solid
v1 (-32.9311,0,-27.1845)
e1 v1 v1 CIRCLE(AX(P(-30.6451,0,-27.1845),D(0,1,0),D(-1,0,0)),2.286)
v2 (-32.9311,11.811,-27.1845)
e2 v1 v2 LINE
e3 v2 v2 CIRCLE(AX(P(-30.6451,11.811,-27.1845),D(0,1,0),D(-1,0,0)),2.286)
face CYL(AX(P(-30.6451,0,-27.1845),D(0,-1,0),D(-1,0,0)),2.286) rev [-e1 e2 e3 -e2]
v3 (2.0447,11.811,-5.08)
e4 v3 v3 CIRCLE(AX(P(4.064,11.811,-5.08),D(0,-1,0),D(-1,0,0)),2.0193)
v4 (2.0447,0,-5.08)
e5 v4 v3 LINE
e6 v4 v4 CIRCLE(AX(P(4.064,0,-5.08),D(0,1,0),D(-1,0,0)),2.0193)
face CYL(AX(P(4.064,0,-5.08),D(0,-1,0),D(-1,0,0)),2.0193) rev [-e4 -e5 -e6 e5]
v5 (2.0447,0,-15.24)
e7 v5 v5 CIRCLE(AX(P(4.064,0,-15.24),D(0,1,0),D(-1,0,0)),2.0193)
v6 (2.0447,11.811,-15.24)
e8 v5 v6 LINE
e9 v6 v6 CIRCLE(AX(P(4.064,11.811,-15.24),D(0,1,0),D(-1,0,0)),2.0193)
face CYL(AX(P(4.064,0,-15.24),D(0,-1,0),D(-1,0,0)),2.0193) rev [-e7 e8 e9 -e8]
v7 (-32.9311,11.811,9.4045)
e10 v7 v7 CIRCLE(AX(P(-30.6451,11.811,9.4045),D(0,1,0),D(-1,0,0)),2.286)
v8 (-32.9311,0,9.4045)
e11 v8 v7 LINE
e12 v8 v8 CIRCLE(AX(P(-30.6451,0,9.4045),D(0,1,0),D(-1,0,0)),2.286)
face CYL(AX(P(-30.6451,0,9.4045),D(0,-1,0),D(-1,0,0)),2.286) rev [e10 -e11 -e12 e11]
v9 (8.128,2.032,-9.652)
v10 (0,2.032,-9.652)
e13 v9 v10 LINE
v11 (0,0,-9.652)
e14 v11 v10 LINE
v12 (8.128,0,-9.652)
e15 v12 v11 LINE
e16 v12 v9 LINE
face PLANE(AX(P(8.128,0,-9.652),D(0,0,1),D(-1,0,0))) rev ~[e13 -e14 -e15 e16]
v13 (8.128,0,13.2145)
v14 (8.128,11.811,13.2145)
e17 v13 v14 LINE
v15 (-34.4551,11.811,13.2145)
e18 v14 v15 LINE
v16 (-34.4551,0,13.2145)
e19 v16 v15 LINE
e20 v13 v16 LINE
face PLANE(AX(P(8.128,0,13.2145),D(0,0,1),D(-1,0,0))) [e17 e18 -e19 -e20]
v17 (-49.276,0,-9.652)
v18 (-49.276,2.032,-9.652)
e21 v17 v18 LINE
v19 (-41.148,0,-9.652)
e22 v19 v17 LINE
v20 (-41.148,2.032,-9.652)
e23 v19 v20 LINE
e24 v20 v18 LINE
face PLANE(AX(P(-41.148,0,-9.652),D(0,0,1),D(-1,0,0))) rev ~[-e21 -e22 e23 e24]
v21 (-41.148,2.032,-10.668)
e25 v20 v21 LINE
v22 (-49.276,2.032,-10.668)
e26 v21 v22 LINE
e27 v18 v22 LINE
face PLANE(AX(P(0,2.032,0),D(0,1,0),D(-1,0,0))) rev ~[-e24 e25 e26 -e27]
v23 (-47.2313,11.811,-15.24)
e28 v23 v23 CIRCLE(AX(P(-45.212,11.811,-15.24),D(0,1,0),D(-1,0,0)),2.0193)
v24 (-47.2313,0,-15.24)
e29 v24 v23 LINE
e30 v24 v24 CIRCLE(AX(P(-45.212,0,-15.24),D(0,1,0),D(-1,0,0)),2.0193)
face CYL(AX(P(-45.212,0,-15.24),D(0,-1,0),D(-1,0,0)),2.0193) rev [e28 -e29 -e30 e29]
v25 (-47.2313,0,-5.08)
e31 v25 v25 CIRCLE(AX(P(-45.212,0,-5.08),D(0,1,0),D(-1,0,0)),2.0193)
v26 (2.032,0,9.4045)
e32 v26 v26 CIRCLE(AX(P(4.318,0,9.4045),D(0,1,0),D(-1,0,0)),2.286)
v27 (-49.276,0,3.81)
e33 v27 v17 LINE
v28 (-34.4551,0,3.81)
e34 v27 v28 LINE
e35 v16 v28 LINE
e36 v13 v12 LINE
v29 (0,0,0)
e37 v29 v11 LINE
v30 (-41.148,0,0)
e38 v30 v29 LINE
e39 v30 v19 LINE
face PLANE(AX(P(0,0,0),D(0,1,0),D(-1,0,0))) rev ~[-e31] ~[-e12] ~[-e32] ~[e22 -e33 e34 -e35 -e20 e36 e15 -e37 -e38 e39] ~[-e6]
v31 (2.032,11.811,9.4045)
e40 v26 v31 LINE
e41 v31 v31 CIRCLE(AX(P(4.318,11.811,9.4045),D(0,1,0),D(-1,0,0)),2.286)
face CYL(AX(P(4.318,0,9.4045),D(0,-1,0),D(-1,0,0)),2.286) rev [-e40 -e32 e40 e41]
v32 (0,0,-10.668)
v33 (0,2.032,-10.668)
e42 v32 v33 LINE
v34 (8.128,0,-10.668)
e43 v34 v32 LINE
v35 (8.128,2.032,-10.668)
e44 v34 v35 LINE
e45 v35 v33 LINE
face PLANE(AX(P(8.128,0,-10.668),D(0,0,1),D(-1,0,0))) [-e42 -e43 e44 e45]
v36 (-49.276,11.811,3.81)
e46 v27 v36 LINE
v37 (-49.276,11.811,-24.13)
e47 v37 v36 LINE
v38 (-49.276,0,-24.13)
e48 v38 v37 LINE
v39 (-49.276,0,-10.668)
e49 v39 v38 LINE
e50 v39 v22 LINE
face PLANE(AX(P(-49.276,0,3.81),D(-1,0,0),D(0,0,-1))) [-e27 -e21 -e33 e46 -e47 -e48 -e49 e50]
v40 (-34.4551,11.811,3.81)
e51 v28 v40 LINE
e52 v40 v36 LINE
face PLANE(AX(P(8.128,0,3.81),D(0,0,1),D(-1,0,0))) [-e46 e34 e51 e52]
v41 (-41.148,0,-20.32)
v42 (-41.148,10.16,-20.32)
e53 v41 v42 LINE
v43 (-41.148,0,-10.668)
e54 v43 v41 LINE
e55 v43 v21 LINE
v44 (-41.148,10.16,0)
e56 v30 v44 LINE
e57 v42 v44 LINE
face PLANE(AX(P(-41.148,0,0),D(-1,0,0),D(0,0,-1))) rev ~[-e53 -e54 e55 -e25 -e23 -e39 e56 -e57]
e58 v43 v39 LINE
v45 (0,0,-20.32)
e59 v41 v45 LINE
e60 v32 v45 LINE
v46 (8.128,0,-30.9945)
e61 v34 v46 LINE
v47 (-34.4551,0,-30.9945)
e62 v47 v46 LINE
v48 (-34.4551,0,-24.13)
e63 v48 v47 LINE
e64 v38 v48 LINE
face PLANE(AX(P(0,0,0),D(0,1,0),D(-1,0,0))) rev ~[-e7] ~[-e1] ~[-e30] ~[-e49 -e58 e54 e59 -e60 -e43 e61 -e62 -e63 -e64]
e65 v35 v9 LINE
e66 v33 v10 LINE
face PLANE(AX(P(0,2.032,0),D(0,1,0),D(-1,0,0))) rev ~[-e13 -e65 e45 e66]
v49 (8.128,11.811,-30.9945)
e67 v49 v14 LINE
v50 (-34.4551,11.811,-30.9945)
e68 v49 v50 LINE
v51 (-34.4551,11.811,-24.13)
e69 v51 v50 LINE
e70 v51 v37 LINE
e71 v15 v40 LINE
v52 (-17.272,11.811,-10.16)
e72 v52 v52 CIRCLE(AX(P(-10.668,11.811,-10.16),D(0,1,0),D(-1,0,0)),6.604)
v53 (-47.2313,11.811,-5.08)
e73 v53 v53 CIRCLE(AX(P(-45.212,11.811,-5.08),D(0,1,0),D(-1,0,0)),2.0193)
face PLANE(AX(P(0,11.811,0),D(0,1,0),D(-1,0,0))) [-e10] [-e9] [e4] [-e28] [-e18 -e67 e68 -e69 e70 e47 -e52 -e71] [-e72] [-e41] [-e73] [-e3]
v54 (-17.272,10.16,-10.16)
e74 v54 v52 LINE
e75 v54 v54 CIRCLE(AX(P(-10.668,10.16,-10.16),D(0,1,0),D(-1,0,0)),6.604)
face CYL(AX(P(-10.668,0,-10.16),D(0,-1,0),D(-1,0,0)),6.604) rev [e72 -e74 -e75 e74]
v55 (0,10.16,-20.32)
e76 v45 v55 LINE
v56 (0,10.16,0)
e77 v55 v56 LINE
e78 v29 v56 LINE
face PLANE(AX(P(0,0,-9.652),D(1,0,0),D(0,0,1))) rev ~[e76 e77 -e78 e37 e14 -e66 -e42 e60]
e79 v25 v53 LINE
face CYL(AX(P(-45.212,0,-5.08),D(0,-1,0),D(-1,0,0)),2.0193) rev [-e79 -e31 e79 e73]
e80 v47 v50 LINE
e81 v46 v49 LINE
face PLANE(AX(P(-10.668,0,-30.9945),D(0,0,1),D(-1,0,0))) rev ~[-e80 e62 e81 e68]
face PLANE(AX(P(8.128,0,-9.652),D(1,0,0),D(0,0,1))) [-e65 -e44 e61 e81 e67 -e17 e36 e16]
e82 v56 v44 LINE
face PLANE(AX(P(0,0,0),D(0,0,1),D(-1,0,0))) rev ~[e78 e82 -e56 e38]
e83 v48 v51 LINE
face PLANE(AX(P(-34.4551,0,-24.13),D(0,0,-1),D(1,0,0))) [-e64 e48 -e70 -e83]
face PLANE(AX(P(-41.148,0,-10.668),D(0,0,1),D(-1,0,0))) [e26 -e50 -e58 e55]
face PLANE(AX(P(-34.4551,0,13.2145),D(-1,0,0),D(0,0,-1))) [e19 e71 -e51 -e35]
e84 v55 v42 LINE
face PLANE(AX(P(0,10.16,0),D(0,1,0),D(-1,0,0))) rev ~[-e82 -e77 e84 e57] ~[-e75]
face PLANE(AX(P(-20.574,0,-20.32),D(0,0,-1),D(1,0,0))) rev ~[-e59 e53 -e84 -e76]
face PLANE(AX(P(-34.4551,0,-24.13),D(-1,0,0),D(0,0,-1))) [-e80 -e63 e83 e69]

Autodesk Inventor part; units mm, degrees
ref_plane "YZ Plane" through (0, 0, 0) normal (1, 0, 0) x (0, 1, 0)
ref_plane "XZ Plane" through (0, 0, 0) normal (0, 1, 0) x (-1, 0, 0)
ref_plane "XY Plane" through (0, 0, 0) normal (0, 0, 1) x (1, 0, 0)
sketch "Sketch1" plane through (0, 0, 0) normal (0, 1, 0) x (-1, 0, 0)
  line L0 (0, 0) -> (41.148, 0)
  line L1 (41.148, 0) -> (41.148, -20.32)
  line L2 (41.148, -20.32) -> (0, -20.32)
  line L3 (0, -20.32) -> (0, 0)
  circle A0 centre (45.212, -15.24) radius 2.0193
  circle A1 centre (-4.064, -15.24) radius 2.0193
  circle A2 centre (45.212, -5.08) radius 2.0193
  circle A3 centre (-4.064, -5.08) radius 2.0193
  line L4 (41.148, -9.652) -> (49.276, -9.652)
  line L5 (41.148, -10.668) -> (49.276, -10.668)
  line L6 (-8.128, -9.652) -> (0, -9.652)
  line L7 (-8.128, -10.668) -> (0, -10.668)
  line L8 (-8.128, 3.81) -> (49.276, 3.81)
  line L9 (49.276, 3.81) -> (49.276, -24.13)
  line L10 (49.276, -24.13) -> (-8.128, -24.13)
  line L11 (-8.128, -24.13) -> (-8.128, 3.81)
  line L12 (-6.155, -5.4575) -> (-6.0508, -5.4409)
  line L13 (-6.155, -5.4575) -> (-6.0508, -5.4409)
  line L14 (20.574, -20.32) -> (20.574, 0)
  circle A4 centre (10.668, -10.16) radius 6.604
  circle A5 centre (-4.318, 9.4045) radius 2.0193
  line L15 (-8.128, 13.2145) -> (34.4551, 13.2145)
  circle A6 centre (30.6451, 9.4045) radius 2.0193
  circle A7 centre (30.6451, -27.1845) radius 2.0193
  line L16 (10.668, -30.9945) -> (34.4551, -30.9945)
  line L17 (-8.128, -30.9945) -> (34.4551, -30.9945)
  circle A8 centre (-5.588, -28.4545) radius 2.0193
  line L18 (34.4551, -30.9945) -> (-8.128, -30.9945)
  line L19 (-8.128, -30.9945) -> (-8.128, 13.2145)
  line L20 (-8.128, 13.2145) -> (34.4551, 13.2145)
  line L21 (34.4551, -24.13) -> (34.4551, -30.9945)
  line L22 (34.4551, 13.2145) -> (34.4551, 3.81)
  circle A9 centre (30.6451, 9.4045) radius 2.286
  circle A10 centre (-4.318, 9.4045) radius 2.286
  circle A11 centre (-5.588, -28.4545) radius 2.286
  circle A12 centre (30.6451, -27.1845) radius 2.286
  point P0 (20.574, -10.16)
  point P1 (-8.128, -24.13)
  point P2 (-8.128, 3.81)
  dimension "d0" = 41.148
  dimension "d1" = 20.32
  dimension "d4" = 4.0386
  dimension "d5" = 4.0386
  dimension "d18" = 4.064
  dimension "d19" = 4.064
  dimension "d52" = 8.128
  dimension "d53" = 8.128
  dimension "d54" = 3.81
  dimension "d55" = 3.81
  dimension "d59" = 9.906
  dimension "d60" = 13.208
  dimension "d79" = 4.0386
  dimension "d80" = 4.0386
  dimension "d81" = 4.0386
  dimension "d82" = 4.0386
  dimension "d84" = 3.81
  dimension "d91" = 4.572
  dimension "d92" = 4.572
  dimension "d93" = 4.572
  dimension "d94" = 4.572
extrude "Extrusion10" add sketch "Sketch1" along normal blind 11.811 contours L3 L6 L11 L8 L9 L4 L1 L0 | L0 L14 L2 L3 | L0 L1 L2 L14 | L3 L7 L11 L6 | L2 L1 L5 L9 L10 L11 L7 L3 | L4 L9 L5 L1
extrude "Extrusion11" cut sketch "Sketch1" along normal blind 10.16 contours L0 L14 L2 L3 | L0 L1 L2 L14
extrude "Extrusion12" cut sketch "Sketch1" along normal blind 2.032 contours L3 L7 L11 L6 | L4 L9 L5 L1
extrude "Extrusion13" add sketch "Sketch1" along normal up to surface (11.811 mm away) contours L19 L15 L22 L8 | L10 L21 L16 L17 L19 | A8 | A11
properties part number "Servo Mount"
